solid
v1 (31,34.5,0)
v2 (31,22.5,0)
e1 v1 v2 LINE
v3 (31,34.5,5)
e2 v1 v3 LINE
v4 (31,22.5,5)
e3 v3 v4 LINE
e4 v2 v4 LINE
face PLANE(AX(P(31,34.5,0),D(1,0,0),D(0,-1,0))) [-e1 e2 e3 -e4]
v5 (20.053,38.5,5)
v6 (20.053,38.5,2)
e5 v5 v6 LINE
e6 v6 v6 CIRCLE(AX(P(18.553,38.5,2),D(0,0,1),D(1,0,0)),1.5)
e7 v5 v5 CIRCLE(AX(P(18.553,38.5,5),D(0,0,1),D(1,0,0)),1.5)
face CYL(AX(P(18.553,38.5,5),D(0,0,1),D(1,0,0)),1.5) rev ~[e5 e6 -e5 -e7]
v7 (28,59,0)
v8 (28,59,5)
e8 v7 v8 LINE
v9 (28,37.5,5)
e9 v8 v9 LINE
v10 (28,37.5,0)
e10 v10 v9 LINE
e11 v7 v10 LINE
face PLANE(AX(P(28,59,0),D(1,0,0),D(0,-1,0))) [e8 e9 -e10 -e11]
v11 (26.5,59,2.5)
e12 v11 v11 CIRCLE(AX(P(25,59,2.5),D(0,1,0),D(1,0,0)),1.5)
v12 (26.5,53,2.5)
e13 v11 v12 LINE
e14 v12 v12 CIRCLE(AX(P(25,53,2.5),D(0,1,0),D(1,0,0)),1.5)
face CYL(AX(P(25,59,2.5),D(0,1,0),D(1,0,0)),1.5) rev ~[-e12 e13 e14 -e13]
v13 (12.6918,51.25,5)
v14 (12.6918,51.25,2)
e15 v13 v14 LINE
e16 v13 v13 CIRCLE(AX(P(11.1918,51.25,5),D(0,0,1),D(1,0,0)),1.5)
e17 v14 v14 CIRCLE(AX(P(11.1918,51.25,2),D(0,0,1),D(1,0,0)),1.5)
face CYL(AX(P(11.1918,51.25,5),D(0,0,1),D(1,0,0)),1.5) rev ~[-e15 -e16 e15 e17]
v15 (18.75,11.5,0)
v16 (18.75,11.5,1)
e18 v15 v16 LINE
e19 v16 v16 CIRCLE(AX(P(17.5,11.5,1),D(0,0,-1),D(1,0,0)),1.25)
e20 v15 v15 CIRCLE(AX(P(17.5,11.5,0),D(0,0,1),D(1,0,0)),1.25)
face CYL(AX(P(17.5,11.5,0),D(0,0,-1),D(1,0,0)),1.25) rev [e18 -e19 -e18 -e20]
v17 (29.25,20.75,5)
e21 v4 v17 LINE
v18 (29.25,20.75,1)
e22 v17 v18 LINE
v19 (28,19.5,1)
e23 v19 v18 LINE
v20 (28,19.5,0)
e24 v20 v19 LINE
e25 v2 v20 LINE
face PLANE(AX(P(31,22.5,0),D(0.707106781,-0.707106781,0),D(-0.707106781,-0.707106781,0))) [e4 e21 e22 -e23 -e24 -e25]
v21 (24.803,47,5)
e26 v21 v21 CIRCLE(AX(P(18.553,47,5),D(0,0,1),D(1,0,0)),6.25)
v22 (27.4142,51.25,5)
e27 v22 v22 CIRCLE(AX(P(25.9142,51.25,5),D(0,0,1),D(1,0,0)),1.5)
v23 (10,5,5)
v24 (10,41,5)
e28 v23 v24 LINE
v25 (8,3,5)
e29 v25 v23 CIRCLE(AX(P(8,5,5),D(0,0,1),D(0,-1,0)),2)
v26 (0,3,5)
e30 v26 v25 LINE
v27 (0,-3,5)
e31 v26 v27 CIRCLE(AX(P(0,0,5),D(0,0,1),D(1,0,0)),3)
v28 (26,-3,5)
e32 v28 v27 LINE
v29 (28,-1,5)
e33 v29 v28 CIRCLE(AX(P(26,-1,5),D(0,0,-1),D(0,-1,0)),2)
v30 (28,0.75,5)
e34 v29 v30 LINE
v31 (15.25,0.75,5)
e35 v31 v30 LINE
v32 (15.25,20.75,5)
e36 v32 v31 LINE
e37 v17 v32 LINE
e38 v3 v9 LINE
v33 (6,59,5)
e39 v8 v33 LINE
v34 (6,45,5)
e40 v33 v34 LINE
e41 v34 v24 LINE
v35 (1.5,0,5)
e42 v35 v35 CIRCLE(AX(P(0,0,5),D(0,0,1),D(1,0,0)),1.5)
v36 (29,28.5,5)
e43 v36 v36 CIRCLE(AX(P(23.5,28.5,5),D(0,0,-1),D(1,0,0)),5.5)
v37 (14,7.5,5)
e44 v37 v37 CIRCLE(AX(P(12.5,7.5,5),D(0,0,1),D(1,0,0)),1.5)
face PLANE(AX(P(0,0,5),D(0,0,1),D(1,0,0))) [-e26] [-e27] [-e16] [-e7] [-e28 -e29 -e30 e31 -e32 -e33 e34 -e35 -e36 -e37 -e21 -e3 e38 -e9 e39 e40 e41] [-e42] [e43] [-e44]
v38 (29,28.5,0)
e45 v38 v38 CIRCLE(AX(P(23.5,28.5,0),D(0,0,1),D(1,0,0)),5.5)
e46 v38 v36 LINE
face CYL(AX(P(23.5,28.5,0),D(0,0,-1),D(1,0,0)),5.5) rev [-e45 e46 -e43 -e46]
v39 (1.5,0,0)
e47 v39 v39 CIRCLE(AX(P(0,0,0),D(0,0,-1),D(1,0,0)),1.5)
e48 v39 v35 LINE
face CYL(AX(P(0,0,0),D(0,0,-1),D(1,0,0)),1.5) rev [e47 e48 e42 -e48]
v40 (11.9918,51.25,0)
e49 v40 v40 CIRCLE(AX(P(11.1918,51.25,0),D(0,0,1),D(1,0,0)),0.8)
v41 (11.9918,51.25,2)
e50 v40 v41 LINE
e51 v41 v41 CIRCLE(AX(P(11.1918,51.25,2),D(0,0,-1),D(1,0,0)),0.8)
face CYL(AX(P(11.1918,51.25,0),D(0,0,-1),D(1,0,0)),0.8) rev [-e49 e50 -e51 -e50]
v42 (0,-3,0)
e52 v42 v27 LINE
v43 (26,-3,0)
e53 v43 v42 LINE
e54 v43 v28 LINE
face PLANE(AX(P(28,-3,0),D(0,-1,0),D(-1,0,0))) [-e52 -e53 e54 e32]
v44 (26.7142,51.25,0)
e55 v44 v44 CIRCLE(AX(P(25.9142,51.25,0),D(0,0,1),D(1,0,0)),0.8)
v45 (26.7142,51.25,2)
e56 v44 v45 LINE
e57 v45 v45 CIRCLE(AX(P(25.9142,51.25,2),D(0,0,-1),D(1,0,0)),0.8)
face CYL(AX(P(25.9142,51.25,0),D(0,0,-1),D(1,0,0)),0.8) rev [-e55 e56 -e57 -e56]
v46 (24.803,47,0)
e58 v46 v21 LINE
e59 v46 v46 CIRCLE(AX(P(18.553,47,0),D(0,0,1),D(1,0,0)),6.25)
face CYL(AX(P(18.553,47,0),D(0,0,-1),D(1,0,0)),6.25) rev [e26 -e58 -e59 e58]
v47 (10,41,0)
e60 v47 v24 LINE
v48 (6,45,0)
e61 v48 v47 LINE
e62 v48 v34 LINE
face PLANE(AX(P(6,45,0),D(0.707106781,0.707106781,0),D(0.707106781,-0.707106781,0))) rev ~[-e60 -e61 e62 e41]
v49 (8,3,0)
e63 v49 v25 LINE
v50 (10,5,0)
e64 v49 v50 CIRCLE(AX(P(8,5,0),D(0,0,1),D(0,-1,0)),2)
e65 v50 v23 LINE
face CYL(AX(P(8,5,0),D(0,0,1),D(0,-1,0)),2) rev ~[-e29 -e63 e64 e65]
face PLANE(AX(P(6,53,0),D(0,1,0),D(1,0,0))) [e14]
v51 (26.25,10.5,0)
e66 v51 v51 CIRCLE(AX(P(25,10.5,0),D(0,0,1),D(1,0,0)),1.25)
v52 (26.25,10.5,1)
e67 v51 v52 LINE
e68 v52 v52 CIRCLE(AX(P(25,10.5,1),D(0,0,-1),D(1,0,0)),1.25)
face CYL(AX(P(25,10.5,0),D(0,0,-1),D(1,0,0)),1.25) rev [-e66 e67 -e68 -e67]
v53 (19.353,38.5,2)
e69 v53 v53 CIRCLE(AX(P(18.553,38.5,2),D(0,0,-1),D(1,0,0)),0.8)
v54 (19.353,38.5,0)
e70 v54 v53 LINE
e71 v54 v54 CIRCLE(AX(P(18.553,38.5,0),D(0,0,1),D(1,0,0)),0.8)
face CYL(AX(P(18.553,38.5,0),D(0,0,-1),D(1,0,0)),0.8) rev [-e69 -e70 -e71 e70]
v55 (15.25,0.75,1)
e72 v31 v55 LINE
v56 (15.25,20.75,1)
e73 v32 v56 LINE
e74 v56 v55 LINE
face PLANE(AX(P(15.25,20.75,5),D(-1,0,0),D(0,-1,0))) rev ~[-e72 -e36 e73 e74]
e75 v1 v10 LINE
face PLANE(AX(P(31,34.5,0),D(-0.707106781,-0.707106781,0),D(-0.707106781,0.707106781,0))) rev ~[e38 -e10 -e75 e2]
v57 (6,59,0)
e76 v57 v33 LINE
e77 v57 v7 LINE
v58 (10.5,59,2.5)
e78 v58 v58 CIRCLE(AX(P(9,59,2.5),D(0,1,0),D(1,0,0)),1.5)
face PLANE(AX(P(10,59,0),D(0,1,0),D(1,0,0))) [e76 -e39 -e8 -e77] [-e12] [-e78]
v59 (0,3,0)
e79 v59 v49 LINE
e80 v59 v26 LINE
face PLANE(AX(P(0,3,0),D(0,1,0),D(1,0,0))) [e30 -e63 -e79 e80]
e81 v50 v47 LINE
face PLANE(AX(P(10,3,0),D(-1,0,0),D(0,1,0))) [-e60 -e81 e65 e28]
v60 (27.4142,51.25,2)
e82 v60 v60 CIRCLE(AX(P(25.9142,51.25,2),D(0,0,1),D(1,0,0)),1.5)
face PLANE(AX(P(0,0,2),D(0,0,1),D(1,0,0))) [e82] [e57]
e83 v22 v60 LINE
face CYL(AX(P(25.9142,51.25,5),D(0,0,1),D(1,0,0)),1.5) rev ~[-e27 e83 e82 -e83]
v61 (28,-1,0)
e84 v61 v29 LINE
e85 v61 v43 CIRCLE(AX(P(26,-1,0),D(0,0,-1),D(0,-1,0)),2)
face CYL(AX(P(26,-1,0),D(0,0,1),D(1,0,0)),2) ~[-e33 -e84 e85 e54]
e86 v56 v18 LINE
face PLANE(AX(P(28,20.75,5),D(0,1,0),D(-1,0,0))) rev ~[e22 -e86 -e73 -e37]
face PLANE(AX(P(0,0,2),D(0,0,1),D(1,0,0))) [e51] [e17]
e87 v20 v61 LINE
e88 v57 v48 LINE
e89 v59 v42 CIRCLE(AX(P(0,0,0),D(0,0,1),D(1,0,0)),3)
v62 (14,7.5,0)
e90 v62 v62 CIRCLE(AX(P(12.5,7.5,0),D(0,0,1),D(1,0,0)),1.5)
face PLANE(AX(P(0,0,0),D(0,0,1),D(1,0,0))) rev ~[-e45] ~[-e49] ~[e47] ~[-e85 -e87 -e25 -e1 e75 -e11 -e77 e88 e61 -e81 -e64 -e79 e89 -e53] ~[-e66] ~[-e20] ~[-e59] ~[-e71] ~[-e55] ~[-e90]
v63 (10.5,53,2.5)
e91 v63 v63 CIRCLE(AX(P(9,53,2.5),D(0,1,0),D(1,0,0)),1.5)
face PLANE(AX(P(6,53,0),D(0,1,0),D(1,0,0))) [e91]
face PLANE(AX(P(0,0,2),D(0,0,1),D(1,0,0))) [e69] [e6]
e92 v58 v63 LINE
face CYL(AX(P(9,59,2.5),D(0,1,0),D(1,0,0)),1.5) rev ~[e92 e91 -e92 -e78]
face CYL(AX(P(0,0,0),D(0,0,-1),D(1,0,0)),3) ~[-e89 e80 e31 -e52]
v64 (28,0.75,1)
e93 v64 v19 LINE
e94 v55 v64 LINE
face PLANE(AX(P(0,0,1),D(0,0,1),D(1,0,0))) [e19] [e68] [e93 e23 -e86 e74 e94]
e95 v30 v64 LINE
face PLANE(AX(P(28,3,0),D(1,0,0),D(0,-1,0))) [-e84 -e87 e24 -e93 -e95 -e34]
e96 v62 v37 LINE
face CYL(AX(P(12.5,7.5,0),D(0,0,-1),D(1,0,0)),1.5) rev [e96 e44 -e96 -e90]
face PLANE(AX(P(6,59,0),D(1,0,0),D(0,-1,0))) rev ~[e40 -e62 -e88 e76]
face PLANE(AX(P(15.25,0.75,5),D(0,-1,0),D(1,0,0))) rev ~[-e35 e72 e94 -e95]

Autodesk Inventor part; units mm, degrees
ref_plane "YZ Plane" through (0, 0, 0) normal (1, 0, 0) x (0, 1, 0)
ref_plane "XZ Plane" through (0, 0, 0) normal (0, 1, 0) x (-1, 0, 0)
ref_plane "XY Plane" through (0, 0, 0) normal (0, 0, 1) x (1, 0, 0)
sketch "Sketch1" plane through (0, 0, 0) normal (0, 0, 1) x (1, 0, 0)
  circle A0 centre (0, 0) radius 1.5
  circle A1 centre (0, 0) radius 3
  line L0 (0, 3) -> (28, 3)
  line L1 (28, 3) -> (28, -3)
  line L2 (28, -3) -> (0, -3)
  line L3 (0, -3) -> (0, 3)
  line L4 (28, 3) -> (10, 3)
  line L5 (10, 3) -> (10, 59)
  line L6 (10, 59) -> (28, 59)
  line L7 (28, 59) -> (28, 3)
  circle A2 centre (23.5, 28.5) radius 5.5
  circle A3 centre (18.553, 47) radius 6.25
  line L8 (23.5, 28.5) -> (18.553, 47) construction
  line L9 (23.5, 28.5) -> (10, 28.5) construction
  circle A4 centre (18.553, 38.5) radius 0.8
  circle A5 centre (25.9142, 51.25) radius 0.8
  circle A6 centre (11.1918, 51.25) radius 0.8
  line L10 (10, 59) -> (6, 59)
  line L11 (6, 59) -> (6, 45)
  line L12 (6, 45) -> (10, 45)
  line L13 (10, 45) -> (10, 59)
  line L14 (6, 45) -> (10, 41)
  line L15 (6, 45) -> (11.6569, 45) construction
  line L16 (28, 34.5) -> (31, 34.5)
  line L17 (31, 34.5) -> (31, 22.5)
  line L18 (31, 22.5) -> (28, 22.5)
  line L19 (28, 22.5) -> (28, 34.5)
  line L20 (31, 34.5) -> (28, 37.5)
  line L21 (31, 34.5) -> (35.2426, 34.5) construction
  line L22 (31, 22.5) -> (28, 19.5)
  line L23 (31, 22.5) -> (35.2426, 22.5) construction
  circle A7 centre (12.5, 7.5) radius 1.5
  circle A8 centre (17.5, 11.5) radius 1.25
  circle A9 centre (25, 10.5) radius 1.25
  line L24 (18.553, 47) -> (6, 47) construction
  line L25 (18.553, 38.5) -> (18.553, 47) construction
  dimension "d0" = 3
  dimension "d1" = 6
  dimension "d2" = 28
  dimension "d3" = 6
  dimension "d4" = 0
  dimension "d5" = 3
  dimension "d6" = 18
  dimension "d7" = 56
  dimension "d8" = 11
  dimension "d9" = 4.5
  dimension "d10" = 25.5
  dimension "d11" = 12.5
  dimension "d12" = 19.15
  dimension "d14" = 1.6
  dimension "d17" = 12
  dimension "d20" = 360
  dimension "d22" = 4
  dimension "d23" = 14
  dimension "d24" = 45
  dimension "d25" = 3
  dimension "d26" = 12
  dimension "d27" = 6
  dimension "d28" = 135
  dimension "d29" = 135
  dimension "d32" = 3
  dimension "d33" = 10.5
  dimension "d34" = 2.5
  dimension "d35" = 2.5
  dimension "d36" = 14.5
  dimension "d37" = 7.5
  dimension "d38" = 2.5
  dimension "d39" = 15
  dimension "d40" = 13.5
  dimension "d60" = 8.5
  dimension "d61" = 270
extrude "Extrusion1" add sketch "Sketch1" along normal blind 5 contours A0 L3 A1 | A0 L3 A1 | L0 L1 L2 A1 | L5 L6 L7 A2 L0 | L14 L12 L5 | L7 L18 L22 | L12 L11 L10 L5 | L7 A2 L16 L17 L18 | L16 L7 L20
fillet "Fillet1" radius 2 1 edges at (28, -3, 2.5)
fillet "Fillet2" radius 2 1 edges at (10, 3, 2.5)
sketch "Sketch2" plane through (0, 0, 5) normal (0, 0, 1) x (1, 0, 0)
  line L0 (28, -1) -> (28, 19.5) projected
  line L1 (0, -3) -> (26, -3) projected
  line L2 (28, -1) -> (28, 19.5) projected
  line L3 (28, 20.75) -> (15.25, 20.75)
  line L4 (15.25, 20.75) -> (15.25, 0.75)
  line L5 (15.25, 0.75) -> (28, 0.75)
  line L6 (28, 0.75) -> (28, 20.75)
  line L7 (28, 19.5) -> (31, 22.5) projected
  line L8 (28, 20.75) -> (29.25, 20.75)
  line L9 (28, 19.5) -> (31, 22.5) projected
  point P0 (0, 0)
  point P1 (28, 19.5)
  point P2 (28, 19.5)
  dimension "d43" = 12.75
  dimension "d44" = 20
  dimension "d45" = 23.75
extrude "Extrusion2" cut sketch "Sketch2" against normal blind 4
sketch "Sketch3" plane through (6, 59, 0) normal (0, 1, 0) x (1, 0, 0)
  circle A0 centre (3, -2.5) radius 1.5
  line L0 (22, 0) -> (0, 0) projected
  line L1 (0, 0) -> (0, -5) projected
  line L2 (22, -5) -> (0, -5) projected
  line L3 (22, 0) -> (22, -5) projected
  circle A1 centre (19, -2.5) radius 1.5
  dimension "d48" = 3
  dimension "d49" = 3
  dimension "d50" = 2.5
  dimension "d51" = 2.5
  dimension "d52" = 3
  dimension "d53" = 3
extrude "Extrusion3" cut sketch "Sketch3" against normal blind 6 contours A0 | A1
thread "Thread1" size "M3x0.5" class "6H" standard "ANSI Metric M Profile" length 7
thread "Thread2" size "M3x0.5" class "6H" standard "ANSI Metric M Profile" length 7
sketch "Sketch5" plane through (0, 0, 5) normal (0, 0, 1) x (1, 0, 0)
  circle A0 centre (18.553, 38.5) radius 0.8 projected
  circle A1 centre (11.1918, 51.25) radius 0.8 projected
  circle A2 centre (25.9142, 51.25) radius 0.8 projected
  circle A3 centre (18.553, 38.5) radius 1.5
  circle A4 centre (11.1918, 51.25) radius 1.5
  circle A5 centre (25.9142, 51.25) radius 1.5
  point P0 (0, 0)
  dimension "d62" = 3
  dimension "d63" = 3
  dimension "d64" = 3
extrude "Extrusion4" cut sketch "Sketch5" against normal blind 3 contours A0 | A1 | A2 | A3 | A4 | A5
properties part number "PartA"
